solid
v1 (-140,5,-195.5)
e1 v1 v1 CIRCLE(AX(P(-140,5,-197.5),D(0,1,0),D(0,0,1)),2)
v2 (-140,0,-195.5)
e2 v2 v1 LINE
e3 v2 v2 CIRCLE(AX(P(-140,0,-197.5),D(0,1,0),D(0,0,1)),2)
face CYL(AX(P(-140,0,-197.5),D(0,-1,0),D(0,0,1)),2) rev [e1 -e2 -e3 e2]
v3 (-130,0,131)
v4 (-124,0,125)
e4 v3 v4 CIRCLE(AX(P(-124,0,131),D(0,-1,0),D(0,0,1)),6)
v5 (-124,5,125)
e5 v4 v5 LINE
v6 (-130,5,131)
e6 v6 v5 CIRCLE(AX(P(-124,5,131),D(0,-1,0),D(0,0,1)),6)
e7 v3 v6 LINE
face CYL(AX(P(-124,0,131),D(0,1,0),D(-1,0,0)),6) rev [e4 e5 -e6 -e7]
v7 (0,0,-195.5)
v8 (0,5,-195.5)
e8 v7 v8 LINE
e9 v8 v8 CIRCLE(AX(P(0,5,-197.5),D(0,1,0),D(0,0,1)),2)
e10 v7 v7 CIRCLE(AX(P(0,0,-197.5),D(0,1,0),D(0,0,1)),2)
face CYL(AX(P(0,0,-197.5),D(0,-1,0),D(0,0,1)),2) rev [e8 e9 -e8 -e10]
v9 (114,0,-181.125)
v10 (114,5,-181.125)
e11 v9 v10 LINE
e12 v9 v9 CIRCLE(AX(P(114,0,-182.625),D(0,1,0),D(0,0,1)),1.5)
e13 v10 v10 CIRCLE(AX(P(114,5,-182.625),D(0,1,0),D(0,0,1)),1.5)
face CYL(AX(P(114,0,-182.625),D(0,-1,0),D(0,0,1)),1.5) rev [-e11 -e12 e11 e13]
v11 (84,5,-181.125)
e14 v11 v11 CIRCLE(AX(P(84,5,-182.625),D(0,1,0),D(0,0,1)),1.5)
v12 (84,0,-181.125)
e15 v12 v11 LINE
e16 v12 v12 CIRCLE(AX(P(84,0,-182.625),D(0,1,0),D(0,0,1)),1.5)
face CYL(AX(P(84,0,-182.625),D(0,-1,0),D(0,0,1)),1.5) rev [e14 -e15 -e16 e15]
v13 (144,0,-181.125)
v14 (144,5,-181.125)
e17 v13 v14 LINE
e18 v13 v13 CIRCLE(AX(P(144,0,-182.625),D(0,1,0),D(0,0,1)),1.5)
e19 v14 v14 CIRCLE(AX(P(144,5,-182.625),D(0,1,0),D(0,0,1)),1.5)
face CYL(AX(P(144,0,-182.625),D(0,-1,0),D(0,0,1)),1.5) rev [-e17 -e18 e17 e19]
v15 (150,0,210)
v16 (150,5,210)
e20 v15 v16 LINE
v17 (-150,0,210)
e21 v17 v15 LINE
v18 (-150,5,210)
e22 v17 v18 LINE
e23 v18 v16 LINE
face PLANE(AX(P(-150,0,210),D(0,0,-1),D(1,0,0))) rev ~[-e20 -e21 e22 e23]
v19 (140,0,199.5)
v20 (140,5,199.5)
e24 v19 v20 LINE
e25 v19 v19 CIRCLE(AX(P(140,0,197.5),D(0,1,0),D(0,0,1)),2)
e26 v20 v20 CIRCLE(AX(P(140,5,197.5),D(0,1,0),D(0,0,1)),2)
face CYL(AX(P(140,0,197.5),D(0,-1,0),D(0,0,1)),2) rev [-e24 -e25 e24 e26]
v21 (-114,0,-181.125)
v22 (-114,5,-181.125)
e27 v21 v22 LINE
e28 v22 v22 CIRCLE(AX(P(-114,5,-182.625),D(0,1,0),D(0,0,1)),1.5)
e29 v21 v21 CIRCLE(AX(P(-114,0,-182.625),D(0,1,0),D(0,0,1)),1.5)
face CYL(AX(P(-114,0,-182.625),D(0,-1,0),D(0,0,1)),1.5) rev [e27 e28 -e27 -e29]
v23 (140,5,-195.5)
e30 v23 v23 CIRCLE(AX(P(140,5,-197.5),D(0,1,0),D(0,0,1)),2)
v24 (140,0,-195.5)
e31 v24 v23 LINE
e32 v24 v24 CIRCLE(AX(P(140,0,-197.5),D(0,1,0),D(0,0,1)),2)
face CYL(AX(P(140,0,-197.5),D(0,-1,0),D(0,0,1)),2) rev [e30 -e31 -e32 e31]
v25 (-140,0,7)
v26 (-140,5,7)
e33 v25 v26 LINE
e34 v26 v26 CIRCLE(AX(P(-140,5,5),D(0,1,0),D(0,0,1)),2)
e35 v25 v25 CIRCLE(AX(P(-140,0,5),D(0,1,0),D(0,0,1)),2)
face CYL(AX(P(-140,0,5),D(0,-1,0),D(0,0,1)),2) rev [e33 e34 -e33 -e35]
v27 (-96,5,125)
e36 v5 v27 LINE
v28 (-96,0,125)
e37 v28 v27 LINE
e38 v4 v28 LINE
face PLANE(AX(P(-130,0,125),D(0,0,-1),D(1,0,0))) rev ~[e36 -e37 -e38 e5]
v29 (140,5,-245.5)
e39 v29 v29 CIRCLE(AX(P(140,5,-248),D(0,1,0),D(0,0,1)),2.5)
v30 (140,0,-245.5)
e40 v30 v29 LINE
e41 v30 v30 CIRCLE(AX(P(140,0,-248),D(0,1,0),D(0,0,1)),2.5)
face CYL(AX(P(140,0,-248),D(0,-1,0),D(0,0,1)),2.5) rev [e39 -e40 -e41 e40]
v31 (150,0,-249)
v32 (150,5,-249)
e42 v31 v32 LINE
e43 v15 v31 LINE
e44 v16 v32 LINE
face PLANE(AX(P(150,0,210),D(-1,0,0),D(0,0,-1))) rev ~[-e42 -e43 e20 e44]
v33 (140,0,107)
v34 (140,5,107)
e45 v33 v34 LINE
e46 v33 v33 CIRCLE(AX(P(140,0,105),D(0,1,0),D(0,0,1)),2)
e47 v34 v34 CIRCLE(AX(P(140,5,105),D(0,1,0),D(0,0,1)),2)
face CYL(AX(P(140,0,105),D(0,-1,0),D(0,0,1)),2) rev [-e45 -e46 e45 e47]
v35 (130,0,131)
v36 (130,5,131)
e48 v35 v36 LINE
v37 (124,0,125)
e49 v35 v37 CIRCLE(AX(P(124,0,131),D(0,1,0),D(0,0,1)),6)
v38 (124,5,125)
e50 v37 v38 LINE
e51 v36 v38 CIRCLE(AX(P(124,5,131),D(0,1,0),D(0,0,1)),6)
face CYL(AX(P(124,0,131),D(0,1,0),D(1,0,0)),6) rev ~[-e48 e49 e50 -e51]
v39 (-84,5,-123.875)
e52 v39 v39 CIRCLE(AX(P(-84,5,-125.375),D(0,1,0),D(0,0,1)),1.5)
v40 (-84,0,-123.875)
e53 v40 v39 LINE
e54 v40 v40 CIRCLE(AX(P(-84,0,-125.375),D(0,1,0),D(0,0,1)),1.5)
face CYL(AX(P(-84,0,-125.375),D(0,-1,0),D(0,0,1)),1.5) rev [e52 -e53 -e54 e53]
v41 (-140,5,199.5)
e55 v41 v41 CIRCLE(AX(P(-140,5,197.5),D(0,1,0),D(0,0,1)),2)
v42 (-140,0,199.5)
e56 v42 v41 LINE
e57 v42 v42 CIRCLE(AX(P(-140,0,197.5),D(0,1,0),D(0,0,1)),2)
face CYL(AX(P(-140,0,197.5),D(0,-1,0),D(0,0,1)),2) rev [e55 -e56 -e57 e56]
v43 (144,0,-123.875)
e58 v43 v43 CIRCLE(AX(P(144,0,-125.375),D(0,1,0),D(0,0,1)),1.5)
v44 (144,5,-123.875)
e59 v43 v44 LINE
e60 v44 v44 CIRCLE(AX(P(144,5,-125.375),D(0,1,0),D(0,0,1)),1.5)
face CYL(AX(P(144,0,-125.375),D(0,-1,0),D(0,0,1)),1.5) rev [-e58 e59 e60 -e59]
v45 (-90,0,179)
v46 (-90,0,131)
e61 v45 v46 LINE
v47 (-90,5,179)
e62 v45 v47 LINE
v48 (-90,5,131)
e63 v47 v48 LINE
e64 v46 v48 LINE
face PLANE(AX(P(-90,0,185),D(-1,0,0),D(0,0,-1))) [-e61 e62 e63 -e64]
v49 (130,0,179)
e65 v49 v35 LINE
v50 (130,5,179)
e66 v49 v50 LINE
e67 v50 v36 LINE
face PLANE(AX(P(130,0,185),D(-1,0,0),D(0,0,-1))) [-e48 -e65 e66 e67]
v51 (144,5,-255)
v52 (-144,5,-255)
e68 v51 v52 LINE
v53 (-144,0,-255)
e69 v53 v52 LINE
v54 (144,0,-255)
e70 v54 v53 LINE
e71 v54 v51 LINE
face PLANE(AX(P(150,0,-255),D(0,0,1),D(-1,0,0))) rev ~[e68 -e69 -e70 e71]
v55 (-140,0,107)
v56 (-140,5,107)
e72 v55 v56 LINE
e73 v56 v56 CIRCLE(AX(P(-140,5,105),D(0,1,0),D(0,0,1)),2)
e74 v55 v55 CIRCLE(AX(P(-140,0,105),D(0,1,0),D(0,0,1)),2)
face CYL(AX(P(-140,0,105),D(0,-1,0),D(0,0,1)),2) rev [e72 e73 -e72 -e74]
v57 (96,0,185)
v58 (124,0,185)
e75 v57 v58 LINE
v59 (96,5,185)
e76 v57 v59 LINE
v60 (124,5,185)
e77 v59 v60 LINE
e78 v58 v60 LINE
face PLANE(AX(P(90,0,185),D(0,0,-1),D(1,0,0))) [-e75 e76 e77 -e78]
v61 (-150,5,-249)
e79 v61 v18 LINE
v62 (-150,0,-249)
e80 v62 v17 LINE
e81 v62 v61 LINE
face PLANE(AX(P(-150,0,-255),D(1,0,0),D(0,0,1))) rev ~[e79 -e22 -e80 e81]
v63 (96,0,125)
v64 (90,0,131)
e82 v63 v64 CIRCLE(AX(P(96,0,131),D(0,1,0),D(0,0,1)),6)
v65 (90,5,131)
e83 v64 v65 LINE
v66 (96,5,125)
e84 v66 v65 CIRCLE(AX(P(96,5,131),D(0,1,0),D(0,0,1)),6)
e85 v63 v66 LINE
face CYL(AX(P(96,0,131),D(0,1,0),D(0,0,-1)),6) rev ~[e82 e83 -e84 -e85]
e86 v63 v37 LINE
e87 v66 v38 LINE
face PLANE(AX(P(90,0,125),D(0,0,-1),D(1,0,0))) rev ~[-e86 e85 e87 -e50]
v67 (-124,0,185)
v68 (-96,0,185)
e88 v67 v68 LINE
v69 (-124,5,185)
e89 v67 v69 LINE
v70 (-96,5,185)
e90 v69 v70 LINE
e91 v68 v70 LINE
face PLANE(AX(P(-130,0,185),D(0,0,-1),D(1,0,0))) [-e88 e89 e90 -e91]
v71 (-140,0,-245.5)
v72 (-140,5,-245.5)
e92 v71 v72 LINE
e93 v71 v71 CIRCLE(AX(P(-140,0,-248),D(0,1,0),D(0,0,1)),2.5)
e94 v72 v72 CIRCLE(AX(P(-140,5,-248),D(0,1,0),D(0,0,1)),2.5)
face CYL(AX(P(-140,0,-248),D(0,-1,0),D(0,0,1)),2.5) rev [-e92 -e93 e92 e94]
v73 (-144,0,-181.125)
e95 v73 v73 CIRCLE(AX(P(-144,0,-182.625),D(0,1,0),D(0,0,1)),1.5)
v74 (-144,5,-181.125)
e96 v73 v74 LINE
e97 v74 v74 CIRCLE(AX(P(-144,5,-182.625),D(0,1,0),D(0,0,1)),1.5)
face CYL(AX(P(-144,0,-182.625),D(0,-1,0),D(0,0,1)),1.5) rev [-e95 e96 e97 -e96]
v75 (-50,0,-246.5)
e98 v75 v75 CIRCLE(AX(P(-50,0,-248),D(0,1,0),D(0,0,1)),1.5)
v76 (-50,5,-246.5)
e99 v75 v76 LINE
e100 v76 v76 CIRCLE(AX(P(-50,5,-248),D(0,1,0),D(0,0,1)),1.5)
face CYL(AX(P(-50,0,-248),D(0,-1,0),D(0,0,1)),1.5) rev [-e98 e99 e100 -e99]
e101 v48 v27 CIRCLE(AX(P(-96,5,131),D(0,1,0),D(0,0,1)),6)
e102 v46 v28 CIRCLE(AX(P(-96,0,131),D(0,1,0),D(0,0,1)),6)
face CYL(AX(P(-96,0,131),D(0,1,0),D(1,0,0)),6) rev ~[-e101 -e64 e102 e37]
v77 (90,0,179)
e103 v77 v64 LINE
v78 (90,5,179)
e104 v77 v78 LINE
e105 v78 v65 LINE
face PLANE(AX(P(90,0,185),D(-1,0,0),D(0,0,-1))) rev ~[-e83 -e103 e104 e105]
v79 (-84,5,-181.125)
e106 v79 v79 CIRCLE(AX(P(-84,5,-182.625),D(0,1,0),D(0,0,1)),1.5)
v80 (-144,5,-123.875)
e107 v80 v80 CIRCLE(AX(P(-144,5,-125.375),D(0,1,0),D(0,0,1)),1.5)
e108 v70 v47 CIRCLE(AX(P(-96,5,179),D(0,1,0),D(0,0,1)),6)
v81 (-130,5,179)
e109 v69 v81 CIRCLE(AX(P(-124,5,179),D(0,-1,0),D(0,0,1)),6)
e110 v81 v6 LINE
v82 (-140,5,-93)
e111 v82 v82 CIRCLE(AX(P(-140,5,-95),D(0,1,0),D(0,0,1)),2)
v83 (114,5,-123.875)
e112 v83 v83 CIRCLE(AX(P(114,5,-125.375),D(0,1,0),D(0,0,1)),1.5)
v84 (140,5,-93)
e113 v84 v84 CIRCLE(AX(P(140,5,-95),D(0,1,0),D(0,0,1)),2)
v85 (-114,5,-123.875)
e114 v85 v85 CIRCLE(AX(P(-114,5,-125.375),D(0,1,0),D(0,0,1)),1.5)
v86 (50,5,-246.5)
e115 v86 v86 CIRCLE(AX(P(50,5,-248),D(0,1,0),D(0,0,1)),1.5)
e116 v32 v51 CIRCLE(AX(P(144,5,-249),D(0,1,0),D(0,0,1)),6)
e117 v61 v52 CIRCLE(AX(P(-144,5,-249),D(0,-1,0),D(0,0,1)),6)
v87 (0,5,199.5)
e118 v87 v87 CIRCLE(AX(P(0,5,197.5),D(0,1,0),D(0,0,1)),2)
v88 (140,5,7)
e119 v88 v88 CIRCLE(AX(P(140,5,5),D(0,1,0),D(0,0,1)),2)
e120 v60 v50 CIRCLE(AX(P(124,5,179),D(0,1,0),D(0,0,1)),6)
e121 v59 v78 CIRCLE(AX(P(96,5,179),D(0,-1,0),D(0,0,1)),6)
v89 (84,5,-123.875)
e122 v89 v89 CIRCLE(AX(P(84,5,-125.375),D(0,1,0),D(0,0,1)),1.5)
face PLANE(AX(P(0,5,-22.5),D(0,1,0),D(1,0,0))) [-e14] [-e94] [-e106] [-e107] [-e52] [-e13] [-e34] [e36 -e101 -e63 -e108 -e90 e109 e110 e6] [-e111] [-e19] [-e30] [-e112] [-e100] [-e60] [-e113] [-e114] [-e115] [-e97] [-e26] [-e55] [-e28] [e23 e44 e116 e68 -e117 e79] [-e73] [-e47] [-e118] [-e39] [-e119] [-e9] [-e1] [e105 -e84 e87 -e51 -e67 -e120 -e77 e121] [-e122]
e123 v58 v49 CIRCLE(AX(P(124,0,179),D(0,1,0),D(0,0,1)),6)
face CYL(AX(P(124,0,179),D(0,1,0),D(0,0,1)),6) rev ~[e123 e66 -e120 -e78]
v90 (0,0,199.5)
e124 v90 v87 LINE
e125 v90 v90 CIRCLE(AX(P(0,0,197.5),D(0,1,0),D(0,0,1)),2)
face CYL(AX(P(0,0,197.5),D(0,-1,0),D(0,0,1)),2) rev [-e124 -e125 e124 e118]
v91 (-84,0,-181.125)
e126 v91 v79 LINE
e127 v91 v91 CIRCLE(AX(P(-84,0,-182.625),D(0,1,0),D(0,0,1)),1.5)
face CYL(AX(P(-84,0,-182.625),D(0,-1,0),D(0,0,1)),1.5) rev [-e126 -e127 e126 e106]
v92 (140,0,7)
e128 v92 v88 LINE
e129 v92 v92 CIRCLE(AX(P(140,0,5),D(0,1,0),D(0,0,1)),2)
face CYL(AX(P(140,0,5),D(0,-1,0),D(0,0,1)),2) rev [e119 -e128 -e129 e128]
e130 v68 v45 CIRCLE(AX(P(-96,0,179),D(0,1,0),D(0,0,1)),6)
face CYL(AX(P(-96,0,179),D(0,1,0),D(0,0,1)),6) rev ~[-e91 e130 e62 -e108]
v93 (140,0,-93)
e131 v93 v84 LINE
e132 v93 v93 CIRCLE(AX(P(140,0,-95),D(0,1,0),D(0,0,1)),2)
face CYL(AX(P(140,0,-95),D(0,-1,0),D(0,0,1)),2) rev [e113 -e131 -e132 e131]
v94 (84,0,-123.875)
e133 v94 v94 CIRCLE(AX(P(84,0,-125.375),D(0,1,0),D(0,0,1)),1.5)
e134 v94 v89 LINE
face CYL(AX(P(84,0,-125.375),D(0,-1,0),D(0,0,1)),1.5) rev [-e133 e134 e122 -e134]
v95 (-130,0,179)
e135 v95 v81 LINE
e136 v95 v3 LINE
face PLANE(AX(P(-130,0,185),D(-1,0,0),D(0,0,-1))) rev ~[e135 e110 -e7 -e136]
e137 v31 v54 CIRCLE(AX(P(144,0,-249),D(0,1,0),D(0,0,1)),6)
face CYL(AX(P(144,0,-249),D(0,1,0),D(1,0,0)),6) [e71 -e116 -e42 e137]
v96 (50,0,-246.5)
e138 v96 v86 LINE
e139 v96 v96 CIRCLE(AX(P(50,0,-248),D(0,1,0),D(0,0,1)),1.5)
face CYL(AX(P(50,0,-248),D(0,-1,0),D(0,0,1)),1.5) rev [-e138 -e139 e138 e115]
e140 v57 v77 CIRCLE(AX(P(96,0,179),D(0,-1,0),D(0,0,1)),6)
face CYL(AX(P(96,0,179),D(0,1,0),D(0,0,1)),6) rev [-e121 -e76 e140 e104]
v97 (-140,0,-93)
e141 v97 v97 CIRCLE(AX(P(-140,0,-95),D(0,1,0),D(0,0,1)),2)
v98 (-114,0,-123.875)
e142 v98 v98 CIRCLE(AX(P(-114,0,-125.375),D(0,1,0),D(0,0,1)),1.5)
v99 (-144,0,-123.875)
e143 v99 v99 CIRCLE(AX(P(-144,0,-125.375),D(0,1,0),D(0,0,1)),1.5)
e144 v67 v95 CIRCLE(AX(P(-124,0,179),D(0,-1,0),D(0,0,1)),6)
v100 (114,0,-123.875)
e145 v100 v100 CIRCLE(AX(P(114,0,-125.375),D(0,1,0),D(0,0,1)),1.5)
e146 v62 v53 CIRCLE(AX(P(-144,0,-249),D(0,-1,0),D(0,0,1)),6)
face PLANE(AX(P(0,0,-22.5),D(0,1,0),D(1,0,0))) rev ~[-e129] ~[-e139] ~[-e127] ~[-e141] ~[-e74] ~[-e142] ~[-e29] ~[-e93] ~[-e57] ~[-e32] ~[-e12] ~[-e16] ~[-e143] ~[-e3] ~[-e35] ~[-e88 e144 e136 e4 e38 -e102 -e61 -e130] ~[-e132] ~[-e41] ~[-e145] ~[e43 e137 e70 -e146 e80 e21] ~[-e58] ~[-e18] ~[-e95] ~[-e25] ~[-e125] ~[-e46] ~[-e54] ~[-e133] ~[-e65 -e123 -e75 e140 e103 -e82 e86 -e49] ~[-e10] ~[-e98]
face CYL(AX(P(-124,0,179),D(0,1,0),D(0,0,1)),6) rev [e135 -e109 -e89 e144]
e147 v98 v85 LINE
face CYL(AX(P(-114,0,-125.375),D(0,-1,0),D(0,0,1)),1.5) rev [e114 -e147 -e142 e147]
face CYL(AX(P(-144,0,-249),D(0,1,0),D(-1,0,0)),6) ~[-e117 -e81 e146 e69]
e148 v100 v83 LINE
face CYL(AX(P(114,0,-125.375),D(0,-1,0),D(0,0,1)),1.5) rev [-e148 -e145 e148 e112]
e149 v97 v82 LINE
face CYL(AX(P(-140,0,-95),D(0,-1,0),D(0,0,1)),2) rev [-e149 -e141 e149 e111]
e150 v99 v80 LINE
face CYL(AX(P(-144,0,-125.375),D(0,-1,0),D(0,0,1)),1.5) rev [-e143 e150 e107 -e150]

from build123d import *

# Parameters (mm, degrees)
SKETCH1_R           = 2
SKETCH1_R_2         = 1.5
SKETCH1_R_3         = 2.5
SKETCH1_W           = 40
SKETCH1_H           = 60
BOSS_EXTRUDE1_DEPTH = 5
FILLET1_R           = 6


with BuildPart() as part:
    # Sketch1 → Boss-Extrude1 (new body)
    with BuildSketch(Plane(origin=(0, 0, 0), x_dir=(1, 0, 0), z_dir=(0, 1, 0))):
        Polygon((-150, -210), (150, -210), (150, 210), (150, 255), (-150, 255), (-150, 210), align=None)
        with Locations(Location((0, -197.5, 0), (0, 0, 270))):
            Circle(SKETCH1_R, mode=Mode.SUBTRACT)
        with Locations(Location((-140, -197.5, 0), (0, 0, 270))):
            Circle(SKETCH1_R, mode=Mode.SUBTRACT)
        with Locations(Location((-140, 197.5, 0), (0, 0, 270))):
            Circle(SKETCH1_R, mode=Mode.SUBTRACT)
        with Locations(Location((0, 197.5, 0), (0, 0, 270))):
            Circle(SKETCH1_R, mode=Mode.SUBTRACT)
        with Locations(Location((-140, -5, 0), (0, 0, 270))):
            Circle(SKETCH1_R, mode=Mode.SUBTRACT)
        with Locations(Location((-140, 95, 0), (0, 0, 270))):
            Circle(SKETCH1_R, mode=Mode.SUBTRACT)
        with Locations(Location((140, 197.5, 0), (0, 0, 270))):
            Circle(SKETCH1_R, mode=Mode.SUBTRACT)
        with Locations(Location((140, -197.5, 0), (0, 0, 270))):
            Circle(SKETCH1_R, mode=Mode.SUBTRACT)
        with Locations(Location((-114, 182.625, 0), (0, 0, 270))):
            Circle(SKETCH1_R_2, mode=Mode.SUBTRACT)
        with Locations(Location((-144, 182.625, 0), (0, 0, 270))):
            Circle(SKETCH1_R_2, mode=Mode.SUBTRACT)
        with Locations(Location((-84, 182.625, 0), (0, 0, 270))):
            Circle(SKETCH1_R_2, mode=Mode.SUBTRACT)
        with Locations(Location((-84, 125.375, 0), (0, 0, 270))):
            Circle(SKETCH1_R_2, mode=Mode.SUBTRACT)
        with Locations(Location((-114, 125.375, 0), (0, 0, 270))):
            Circle(SKETCH1_R_2, mode=Mode.SUBTRACT)
        with Locations(Location((-144, 125.375, 0), (0, 0, 270))):
            Circle(SKETCH1_R_2, mode=Mode.SUBTRACT)
        with Locations(Location((-140, -105, 0), (0, 0, 270))):
            Circle(SKETCH1_R, mode=Mode.SUBTRACT)
        with Locations(Location((-140, 248, 0), (0, 0, 270))):
            Circle(SKETCH1_R_3, mode=Mode.SUBTRACT)
        with Locations(Location((-50, 248, 0), (0, 0, 270))):
            Circle(SKETCH1_R_2, mode=Mode.SUBTRACT)
        with Locations(Location((140, -105, 0), (0, 0, 270))):
            Circle(SKETCH1_R, mode=Mode.SUBTRACT)
        with Locations(Location((140, 95, 0), (0, 0, 270))):
            Circle(SKETCH1_R, mode=Mode.SUBTRACT)
        with Locations(Location((140, -5, 0), (0, 0, 270))):
            Circle(SKETCH1_R, mode=Mode.SUBTRACT)
        with Locations(Location((144, 125.375, 0), (0, 0, 270))):
            Circle(SKETCH1_R_2, mode=Mode.SUBTRACT)
        with Locations(Location((114, 125.375, 0), (0, 0, 270))):
            Circle(SKETCH1_R_2, mode=Mode.SUBTRACT)
        with Locations(Location((84, 125.375, 0), (0, 0, 270))):
            Circle(SKETCH1_R_2, mode=Mode.SUBTRACT)
        with Locations(Location((84, 182.625, 0), (0, 0, 270))):
            Circle(SKETCH1_R_2, mode=Mode.SUBTRACT)
        with Locations(Location((144, 182.625, 0), (0, 0, 270))):
            Circle(SKETCH1_R_2, mode=Mode.SUBTRACT)
        with Locations(Location((114, 182.625, 0), (0, 0, 270))):
            Circle(SKETCH1_R_2, mode=Mode.SUBTRACT)
        with Locations(Location((50, 248, 0), (0, 0, 270))):
            Circle(SKETCH1_R_2, mode=Mode.SUBTRACT)
        with Locations(Location((140, 248, 0), (0, 0, 270))):
            Circle(SKETCH1_R_3, mode=Mode.SUBTRACT)
        with Locations((-110, -155)):
            Rectangle(SKETCH1_W, SKETCH1_H, mode=Mode.SUBTRACT)
        with Locations((110, -155)):
            Rectangle(SKETCH1_W, SKETCH1_H, mode=Mode.SUBTRACT)
    extrude(amount=BOSS_EXTRUDE1_DEPTH)

    # Fillet1
    fillet1_edges = [part.edges().sort_by_distance(p)[0] for p in [
        (130, 2.5, 185),
        (130, 2.5, 125),
        (90, 2.5, 125),
        (90, 2.5, 185),
        (-90, 2.5, 125),
        (-130, 2.5, 125),
        (-130, 2.5, 185),
        (-90, 2.5, 185),
        (-150, 2.5, -255),
        (150, 2.5, -255),
    ]]
    fillet(fillet1_edges, radius=FILLET1_R)


solid = part.part
